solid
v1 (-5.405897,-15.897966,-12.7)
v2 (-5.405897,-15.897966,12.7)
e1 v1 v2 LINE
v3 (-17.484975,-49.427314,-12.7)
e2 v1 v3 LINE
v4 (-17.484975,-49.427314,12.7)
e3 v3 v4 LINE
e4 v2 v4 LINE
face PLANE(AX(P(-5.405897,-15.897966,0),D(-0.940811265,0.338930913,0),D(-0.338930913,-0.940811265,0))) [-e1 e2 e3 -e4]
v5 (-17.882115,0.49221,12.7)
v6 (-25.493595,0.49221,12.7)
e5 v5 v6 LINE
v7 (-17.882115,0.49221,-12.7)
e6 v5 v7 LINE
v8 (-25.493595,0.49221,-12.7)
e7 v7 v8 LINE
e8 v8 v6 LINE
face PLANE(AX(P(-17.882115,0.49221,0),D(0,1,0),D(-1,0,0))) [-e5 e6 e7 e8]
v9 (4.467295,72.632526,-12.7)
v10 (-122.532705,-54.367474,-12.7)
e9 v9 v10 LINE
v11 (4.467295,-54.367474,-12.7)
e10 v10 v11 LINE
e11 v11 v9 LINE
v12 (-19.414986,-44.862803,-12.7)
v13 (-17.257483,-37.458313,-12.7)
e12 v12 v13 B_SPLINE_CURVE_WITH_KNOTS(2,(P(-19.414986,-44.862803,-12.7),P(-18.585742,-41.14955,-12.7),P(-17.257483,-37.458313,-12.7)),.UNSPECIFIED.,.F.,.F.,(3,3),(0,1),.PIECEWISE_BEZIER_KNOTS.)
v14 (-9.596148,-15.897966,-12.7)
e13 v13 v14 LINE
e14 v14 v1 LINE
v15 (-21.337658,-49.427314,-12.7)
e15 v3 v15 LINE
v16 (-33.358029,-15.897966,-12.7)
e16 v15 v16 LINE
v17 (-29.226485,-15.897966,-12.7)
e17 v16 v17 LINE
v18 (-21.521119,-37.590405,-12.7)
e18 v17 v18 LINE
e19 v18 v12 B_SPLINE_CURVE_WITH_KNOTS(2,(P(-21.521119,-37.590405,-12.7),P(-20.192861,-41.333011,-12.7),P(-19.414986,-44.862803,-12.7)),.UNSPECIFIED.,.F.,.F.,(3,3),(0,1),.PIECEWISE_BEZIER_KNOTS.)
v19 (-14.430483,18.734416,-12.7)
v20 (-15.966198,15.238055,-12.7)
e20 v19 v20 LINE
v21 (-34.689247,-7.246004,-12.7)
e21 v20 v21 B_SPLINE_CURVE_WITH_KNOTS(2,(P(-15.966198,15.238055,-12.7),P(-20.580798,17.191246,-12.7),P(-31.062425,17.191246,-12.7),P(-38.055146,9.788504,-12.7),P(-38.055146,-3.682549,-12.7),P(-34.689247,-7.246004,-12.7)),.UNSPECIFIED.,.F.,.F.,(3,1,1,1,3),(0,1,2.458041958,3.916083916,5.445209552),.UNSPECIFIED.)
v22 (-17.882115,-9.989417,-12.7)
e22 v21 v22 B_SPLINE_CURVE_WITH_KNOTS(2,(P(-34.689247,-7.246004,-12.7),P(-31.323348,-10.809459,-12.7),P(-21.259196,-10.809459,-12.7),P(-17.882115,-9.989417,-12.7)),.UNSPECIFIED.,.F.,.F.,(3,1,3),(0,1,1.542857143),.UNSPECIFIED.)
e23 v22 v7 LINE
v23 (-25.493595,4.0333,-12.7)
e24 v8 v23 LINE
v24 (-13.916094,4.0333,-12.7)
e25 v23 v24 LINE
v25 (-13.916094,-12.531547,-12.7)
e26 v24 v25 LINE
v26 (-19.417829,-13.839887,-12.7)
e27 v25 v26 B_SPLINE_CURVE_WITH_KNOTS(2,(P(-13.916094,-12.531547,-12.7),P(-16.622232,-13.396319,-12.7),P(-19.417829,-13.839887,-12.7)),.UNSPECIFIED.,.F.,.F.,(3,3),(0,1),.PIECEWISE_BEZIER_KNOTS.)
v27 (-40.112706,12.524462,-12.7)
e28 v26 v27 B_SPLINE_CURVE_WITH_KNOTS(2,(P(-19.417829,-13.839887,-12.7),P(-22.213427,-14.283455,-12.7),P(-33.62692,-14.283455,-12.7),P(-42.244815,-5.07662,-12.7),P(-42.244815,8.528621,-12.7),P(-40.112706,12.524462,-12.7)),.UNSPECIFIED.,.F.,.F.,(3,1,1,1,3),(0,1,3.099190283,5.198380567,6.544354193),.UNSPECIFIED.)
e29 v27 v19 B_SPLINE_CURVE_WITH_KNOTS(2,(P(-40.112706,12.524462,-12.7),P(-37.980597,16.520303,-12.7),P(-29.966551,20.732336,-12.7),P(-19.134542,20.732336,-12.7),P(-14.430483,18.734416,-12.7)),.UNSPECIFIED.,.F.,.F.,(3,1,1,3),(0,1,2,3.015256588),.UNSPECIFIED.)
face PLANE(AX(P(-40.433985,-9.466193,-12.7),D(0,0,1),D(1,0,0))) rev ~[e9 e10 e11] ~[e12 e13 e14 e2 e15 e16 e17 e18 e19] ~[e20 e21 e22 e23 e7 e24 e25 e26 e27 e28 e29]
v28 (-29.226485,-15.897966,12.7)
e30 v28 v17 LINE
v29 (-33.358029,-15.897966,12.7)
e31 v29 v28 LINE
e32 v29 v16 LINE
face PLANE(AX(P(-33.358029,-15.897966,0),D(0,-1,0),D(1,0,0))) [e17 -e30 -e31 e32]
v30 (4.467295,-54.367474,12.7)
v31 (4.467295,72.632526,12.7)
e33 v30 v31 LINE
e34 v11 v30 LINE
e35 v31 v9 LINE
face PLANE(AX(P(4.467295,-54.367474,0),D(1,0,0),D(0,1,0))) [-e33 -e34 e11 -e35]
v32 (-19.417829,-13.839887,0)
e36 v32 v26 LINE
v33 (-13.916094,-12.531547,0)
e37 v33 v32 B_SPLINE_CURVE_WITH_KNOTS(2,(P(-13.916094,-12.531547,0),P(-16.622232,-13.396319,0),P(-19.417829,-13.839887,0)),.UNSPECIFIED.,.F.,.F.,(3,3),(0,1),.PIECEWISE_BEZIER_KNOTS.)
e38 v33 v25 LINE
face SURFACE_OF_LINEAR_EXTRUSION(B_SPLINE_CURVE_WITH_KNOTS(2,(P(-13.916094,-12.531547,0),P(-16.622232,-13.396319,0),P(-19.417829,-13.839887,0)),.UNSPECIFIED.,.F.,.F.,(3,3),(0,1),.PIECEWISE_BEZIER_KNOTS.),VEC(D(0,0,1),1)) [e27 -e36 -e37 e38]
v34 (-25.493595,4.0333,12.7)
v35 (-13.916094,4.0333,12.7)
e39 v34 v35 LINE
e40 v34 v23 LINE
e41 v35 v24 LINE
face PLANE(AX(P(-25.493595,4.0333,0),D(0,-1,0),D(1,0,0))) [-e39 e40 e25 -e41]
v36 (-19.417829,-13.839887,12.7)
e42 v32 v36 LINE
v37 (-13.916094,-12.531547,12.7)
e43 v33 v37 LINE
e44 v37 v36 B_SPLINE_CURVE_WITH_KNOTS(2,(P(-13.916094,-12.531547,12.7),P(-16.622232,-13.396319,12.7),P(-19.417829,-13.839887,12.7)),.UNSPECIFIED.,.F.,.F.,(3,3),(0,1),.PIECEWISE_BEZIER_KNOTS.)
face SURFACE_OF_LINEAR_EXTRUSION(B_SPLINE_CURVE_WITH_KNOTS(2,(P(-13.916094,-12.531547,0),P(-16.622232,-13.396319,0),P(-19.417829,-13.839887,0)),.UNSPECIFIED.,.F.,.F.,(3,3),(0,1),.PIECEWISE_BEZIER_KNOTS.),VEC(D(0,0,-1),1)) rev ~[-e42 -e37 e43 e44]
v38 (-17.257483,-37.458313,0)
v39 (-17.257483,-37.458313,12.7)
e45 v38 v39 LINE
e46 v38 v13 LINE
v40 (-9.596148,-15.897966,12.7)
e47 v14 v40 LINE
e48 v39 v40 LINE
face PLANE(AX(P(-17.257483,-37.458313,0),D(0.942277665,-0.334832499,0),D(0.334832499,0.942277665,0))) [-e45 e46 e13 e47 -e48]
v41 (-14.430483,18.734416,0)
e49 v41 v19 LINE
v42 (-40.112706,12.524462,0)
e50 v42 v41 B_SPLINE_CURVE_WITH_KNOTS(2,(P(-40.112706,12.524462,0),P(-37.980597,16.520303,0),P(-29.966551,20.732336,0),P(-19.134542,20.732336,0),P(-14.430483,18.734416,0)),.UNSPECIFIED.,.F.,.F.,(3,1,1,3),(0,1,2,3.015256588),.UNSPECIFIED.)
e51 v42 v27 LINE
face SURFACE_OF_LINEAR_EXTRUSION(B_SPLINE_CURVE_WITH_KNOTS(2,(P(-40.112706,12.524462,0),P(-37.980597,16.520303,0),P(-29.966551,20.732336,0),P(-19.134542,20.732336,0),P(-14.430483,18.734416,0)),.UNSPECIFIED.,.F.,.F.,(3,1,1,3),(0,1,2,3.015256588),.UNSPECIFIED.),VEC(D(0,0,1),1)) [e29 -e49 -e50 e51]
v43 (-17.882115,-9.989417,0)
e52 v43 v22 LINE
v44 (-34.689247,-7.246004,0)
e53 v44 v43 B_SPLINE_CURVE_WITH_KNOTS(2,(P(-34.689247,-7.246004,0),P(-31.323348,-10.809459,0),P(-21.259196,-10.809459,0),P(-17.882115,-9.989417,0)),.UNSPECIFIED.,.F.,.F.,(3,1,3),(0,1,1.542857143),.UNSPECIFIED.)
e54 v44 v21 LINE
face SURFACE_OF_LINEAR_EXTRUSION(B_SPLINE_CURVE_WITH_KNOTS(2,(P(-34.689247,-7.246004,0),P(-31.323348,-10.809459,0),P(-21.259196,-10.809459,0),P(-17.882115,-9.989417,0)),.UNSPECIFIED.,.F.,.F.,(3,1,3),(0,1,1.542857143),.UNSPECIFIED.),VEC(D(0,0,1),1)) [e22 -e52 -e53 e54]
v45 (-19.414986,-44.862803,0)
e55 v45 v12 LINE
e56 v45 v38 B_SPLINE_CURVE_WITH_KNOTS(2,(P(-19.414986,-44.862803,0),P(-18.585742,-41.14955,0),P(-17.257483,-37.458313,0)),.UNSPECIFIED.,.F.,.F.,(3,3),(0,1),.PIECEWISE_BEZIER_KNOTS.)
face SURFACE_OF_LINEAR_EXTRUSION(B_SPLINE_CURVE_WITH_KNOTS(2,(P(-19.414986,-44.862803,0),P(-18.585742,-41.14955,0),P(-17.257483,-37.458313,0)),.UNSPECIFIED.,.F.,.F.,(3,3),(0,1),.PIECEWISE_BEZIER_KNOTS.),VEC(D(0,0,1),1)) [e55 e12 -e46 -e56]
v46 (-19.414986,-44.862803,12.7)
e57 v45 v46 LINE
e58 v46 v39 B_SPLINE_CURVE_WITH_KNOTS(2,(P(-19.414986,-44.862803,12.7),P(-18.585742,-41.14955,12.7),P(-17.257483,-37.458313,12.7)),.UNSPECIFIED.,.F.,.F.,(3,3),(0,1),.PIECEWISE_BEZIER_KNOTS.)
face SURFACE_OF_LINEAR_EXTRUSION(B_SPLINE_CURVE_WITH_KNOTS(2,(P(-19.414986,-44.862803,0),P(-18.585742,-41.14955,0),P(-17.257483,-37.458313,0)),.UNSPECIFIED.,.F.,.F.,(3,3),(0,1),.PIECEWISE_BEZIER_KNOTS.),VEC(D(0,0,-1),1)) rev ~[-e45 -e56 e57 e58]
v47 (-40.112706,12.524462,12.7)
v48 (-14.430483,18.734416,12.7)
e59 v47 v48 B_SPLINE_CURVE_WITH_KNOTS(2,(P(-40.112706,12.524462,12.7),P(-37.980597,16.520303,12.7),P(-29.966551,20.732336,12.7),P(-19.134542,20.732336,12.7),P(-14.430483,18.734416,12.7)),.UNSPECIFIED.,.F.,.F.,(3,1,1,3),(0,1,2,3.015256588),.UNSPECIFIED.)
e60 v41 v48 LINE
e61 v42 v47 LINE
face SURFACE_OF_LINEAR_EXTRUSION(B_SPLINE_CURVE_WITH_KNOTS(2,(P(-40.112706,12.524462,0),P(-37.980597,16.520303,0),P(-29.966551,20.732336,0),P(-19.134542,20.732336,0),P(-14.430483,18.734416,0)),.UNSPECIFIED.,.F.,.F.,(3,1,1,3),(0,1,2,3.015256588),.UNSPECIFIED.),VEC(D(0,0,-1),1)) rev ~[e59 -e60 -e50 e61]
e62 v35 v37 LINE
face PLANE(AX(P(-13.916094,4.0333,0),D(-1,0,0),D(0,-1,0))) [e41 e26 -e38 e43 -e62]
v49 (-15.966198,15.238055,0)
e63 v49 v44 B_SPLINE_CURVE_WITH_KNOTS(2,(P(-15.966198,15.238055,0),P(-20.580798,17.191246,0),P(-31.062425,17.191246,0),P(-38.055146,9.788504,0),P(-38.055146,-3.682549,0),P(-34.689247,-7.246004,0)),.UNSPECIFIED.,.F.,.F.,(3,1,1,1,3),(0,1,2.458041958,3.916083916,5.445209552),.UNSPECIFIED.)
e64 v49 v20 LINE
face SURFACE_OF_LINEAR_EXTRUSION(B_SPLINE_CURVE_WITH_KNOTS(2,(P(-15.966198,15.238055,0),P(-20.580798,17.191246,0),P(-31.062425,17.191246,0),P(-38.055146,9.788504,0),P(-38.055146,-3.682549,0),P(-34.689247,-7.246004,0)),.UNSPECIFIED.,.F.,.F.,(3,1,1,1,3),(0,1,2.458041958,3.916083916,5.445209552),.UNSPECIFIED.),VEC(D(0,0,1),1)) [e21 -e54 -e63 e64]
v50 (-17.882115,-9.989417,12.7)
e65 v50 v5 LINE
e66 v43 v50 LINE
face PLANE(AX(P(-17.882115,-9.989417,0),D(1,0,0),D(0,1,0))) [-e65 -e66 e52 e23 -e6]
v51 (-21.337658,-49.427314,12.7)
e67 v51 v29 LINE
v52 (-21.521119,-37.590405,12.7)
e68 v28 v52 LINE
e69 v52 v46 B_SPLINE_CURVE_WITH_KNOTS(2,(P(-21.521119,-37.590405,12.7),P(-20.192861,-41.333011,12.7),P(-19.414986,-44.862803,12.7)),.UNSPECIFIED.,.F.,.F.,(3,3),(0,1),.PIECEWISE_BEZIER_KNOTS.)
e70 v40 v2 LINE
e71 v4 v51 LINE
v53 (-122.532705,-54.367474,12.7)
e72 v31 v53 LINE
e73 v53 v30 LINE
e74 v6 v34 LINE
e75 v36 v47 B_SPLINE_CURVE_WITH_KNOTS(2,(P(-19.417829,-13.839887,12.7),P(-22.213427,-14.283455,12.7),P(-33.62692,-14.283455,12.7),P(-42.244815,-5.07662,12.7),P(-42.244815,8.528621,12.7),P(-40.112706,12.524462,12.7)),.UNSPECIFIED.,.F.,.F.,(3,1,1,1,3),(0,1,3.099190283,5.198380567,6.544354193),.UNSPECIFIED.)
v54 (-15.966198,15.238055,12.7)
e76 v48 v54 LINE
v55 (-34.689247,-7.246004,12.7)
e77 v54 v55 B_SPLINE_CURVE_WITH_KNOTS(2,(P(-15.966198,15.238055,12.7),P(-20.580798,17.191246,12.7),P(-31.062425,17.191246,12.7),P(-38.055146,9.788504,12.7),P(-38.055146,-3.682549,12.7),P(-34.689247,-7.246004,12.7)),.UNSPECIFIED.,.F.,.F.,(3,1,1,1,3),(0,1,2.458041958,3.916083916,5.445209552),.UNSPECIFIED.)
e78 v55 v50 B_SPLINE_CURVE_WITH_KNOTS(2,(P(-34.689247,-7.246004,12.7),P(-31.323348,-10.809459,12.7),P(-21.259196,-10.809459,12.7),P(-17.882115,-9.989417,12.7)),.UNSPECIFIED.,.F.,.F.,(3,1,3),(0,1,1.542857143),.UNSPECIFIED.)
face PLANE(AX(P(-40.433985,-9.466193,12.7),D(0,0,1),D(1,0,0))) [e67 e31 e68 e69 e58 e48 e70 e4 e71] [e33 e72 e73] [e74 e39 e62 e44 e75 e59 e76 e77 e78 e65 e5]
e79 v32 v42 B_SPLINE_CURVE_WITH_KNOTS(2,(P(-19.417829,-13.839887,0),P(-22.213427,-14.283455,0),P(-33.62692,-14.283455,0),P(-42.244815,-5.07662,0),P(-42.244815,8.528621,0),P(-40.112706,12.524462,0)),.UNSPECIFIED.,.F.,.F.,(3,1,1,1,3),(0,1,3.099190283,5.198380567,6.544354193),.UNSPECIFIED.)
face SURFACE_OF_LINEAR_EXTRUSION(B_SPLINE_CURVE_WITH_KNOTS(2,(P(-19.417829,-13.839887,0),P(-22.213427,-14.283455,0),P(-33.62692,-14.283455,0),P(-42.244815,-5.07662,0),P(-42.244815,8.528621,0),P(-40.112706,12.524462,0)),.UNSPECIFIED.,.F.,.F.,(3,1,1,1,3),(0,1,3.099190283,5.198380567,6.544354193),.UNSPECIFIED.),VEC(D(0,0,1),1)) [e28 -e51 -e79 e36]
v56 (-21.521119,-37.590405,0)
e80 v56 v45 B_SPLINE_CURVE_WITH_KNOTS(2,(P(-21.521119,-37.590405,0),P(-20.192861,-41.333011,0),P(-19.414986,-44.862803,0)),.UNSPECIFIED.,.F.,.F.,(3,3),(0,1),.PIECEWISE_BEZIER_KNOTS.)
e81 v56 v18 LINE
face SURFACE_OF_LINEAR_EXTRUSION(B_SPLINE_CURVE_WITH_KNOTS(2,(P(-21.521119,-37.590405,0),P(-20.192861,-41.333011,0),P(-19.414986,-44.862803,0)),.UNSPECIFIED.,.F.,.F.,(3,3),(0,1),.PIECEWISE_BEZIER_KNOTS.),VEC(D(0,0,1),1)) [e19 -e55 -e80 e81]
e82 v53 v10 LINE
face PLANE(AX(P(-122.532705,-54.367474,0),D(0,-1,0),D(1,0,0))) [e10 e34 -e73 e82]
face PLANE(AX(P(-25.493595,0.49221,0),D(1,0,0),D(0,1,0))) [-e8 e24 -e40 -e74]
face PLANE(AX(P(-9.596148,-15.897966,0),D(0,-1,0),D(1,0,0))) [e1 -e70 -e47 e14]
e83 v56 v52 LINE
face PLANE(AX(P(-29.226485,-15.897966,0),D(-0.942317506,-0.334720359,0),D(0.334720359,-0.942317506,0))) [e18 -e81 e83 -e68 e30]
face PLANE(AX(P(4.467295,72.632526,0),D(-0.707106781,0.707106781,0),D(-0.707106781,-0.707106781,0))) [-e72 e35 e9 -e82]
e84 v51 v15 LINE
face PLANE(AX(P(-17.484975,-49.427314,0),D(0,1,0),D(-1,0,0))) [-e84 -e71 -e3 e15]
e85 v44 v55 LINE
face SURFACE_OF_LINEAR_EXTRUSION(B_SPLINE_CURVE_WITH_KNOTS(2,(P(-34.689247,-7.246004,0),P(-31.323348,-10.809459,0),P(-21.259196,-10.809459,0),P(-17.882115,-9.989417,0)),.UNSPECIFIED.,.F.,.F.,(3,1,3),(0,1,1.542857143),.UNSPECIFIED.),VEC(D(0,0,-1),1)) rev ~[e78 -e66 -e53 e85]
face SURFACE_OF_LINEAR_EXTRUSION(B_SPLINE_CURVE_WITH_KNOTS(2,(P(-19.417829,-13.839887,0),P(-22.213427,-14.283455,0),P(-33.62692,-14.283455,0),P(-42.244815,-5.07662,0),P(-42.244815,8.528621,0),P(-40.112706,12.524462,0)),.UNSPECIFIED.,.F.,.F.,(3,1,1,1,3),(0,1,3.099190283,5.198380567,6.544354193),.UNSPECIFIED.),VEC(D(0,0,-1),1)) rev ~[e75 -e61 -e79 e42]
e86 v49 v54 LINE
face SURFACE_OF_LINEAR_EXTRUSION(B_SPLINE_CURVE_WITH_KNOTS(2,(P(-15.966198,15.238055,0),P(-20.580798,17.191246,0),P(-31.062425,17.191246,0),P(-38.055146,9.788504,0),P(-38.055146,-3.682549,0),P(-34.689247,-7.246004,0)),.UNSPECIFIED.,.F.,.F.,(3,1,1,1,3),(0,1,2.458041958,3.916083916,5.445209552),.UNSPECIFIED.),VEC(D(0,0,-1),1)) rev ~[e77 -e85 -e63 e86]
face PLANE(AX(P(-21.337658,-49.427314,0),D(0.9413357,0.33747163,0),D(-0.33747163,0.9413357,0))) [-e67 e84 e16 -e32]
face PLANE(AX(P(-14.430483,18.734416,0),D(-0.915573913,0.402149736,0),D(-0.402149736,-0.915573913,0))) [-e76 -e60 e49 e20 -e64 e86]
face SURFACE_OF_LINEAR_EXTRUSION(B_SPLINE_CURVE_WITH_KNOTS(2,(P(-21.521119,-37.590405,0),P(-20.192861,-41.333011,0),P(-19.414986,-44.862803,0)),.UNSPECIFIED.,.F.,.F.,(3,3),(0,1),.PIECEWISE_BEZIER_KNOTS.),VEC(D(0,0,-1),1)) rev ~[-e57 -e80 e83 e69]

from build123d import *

# Parameters (mm, degrees)
F1_DEPTH = 12.7


with BuildPart() as f1:
    # F0 (on Top) → F1 (new body, symmetric)
    with BuildSketch(Plane.XY):
        Polygon((-122.5327046812, -54.3674736917), (4.4672953188, -54.3674736917), (4.4672953188, 72.6325263083), align=None)
        with BuildLine():
            Line((-17.2574833835, -37.4583129991), (-9.5961483296, -15.8979658839))
            Line((-9.5961483296, -15.8979658839), (-5.4058970693, -15.8979658839))
            Line((-5.4058970693, -15.8979658839), (-17.4849751332, -49.4273144098))
            Line((-17.4849751332, -49.4273144098), (-21.3376579907, -49.4273144098))
            Line((-21.3376579907, -49.4273144098), (-33.3580285062, -15.8979658839))
            Line((-33.3580285062, -15.8979658839), (-29.2264847942, -15.8979658839))
            Line((-29.2264847942, -15.8979658839), (-21.5211190792, -37.5904049828))
            add(Edge.make_bspline(
                [(-21.5211190792, -37.5904049828), (-20.1928607988, -41.3330111872), (-19.4149857837, -44.8628025291)],
                knots=[0, 0, 0, 1, 1, 1], degree=2))
            add(Edge.make_bspline(
                [(-19.4149857837, -44.8628025291), (-18.5857416639, -41.1495500988), (-17.2574833835, -37.4583129991)],
                knots=[0, 0, 0, 1, 1, 1], degree=2))
        make_face(mode=Mode.SUBTRACT)
        with BuildLine():
            Line((-25.4935947775, 0.492209956), (-25.4935947775, 4.0333001713))
            Line((-25.4935947775, 4.0333001713), (-13.9160935053, 4.0333001713))
            Line((-13.9160935053, 4.0333001713), (-13.9160935053, -12.5315471093))
            add(Edge.make_bspline(
                [(-13.9160935053, -12.5315471093), (-16.6222319224, -13.3963186145), (-19.4178294608, -13.8398867572)],
                knots=[0, 0, 0, 1, 1, 1], degree=2))
            add(Edge.make_bspline(
                [(-19.4178294608, -13.8398867572), (-22.2134269991, -14.2834549), (-25.896160823, -14.2834549)],
                knots=[0, 0, 0, 1, 1, 1], degree=2))
            add(Edge.make_bspline(
                [(-25.896160823, -14.2834549), (-33.6269198824, -14.2834549), (-37.9358675548, -9.6800376202)],
                knots=[0, 0, 0, 1, 1, 1], degree=2))
            add(Edge.make_bspline(
                [(-37.9358675548, -9.6800376202), (-42.2448152273, -5.0766203403), (-42.2448152273, 3.2132582267)],
                knots=[0, 0, 0, 1, 1, 1], degree=2))
            add(Edge.make_bspline(
                [(-42.2448152273, 3.2132582267), (-42.2448152273, 8.528621013), (-40.1127061713, 12.5244617611)],
                knots=[0, 0, 0, 1, 1, 1], degree=2))
            add(Edge.make_bspline(
                [(-40.1127061713, 12.5244617611), (-37.9805971154, 16.5203025093), (-33.9735739771, 18.6263193215)],
                knots=[0, 0, 0, 1, 1, 1], degree=2))
            add(Edge.make_bspline(
                [(-33.9735739771, 18.6263193215), (-29.9665508388, 20.7323361337), (-24.5915486384, 20.7323361337)],
                knots=[0, 0, 0, 1, 1, 1], degree=2))
            add(Edge.make_bspline(
                [(-24.5915486384, 20.7323361337), (-19.1345422436, 20.7323361337), (-14.4304834524, 18.7344157596)],
                knots=[0, 0, 0, 1, 1, 1], degree=2))
            Line((-14.4304834524, 18.7344157596), (-15.9661983668, 15.238055105))
            add(Edge.make_bspline(
                [(-15.9661983668, 15.238055105), (-20.5807980367, 17.1912459185), (-24.8450161486, 17.1912459185)],
                knots=[0, 0, 0, 1, 1, 1], degree=2))
            add(Edge.make_bspline(
                [(-24.8450161486, 17.1912459185), (-31.0624250739, 17.1912459185), (-34.5587857285, 13.4898747777)],
                knots=[0, 0, 0, 1, 1, 1], degree=2))
            add(Edge.make_bspline(
                [(-34.5587857285, 13.4898747777), (-38.0551463831, 9.7885036369), (-38.0551463831, 3.2132582267)],
                knots=[0, 0, 0, 1, 1, 1], degree=2))
            add(Edge.make_bspline(
                [(-38.0551463831, 3.2132582267), (-38.0551463831, -3.6825490346), (-34.6892469469, -7.2460040301)],
                knots=[0, 0, 0, 1, 1, 1], degree=2))
            add(Edge.make_bspline(
                [(-34.6892469469, -7.2460040301), (-31.3233475108, -10.8094590257), (-24.8002865879, -10.8094590257)],
                knots=[0, 0, 0, 1, 1, 1], degree=2))
            add(Edge.make_bspline(
                [(-24.8002865879, -10.8094590257), (-21.2591963727, -10.8094590257), (-17.8821145464, -9.9894170811)],
                knots=[0, 0, 0, 1, 1, 1], degree=2))
            Line((-17.8821145464, -9.9894170811), (-17.8821145464, 0.492209956))
            Line((-17.8821145464, 0.492209956), (-25.4935947775, 0.492209956))
        make_face(mode=Mode.SUBTRACT)
    extrude(amount=F1_DEPTH, both=True)


solid = f1.part
